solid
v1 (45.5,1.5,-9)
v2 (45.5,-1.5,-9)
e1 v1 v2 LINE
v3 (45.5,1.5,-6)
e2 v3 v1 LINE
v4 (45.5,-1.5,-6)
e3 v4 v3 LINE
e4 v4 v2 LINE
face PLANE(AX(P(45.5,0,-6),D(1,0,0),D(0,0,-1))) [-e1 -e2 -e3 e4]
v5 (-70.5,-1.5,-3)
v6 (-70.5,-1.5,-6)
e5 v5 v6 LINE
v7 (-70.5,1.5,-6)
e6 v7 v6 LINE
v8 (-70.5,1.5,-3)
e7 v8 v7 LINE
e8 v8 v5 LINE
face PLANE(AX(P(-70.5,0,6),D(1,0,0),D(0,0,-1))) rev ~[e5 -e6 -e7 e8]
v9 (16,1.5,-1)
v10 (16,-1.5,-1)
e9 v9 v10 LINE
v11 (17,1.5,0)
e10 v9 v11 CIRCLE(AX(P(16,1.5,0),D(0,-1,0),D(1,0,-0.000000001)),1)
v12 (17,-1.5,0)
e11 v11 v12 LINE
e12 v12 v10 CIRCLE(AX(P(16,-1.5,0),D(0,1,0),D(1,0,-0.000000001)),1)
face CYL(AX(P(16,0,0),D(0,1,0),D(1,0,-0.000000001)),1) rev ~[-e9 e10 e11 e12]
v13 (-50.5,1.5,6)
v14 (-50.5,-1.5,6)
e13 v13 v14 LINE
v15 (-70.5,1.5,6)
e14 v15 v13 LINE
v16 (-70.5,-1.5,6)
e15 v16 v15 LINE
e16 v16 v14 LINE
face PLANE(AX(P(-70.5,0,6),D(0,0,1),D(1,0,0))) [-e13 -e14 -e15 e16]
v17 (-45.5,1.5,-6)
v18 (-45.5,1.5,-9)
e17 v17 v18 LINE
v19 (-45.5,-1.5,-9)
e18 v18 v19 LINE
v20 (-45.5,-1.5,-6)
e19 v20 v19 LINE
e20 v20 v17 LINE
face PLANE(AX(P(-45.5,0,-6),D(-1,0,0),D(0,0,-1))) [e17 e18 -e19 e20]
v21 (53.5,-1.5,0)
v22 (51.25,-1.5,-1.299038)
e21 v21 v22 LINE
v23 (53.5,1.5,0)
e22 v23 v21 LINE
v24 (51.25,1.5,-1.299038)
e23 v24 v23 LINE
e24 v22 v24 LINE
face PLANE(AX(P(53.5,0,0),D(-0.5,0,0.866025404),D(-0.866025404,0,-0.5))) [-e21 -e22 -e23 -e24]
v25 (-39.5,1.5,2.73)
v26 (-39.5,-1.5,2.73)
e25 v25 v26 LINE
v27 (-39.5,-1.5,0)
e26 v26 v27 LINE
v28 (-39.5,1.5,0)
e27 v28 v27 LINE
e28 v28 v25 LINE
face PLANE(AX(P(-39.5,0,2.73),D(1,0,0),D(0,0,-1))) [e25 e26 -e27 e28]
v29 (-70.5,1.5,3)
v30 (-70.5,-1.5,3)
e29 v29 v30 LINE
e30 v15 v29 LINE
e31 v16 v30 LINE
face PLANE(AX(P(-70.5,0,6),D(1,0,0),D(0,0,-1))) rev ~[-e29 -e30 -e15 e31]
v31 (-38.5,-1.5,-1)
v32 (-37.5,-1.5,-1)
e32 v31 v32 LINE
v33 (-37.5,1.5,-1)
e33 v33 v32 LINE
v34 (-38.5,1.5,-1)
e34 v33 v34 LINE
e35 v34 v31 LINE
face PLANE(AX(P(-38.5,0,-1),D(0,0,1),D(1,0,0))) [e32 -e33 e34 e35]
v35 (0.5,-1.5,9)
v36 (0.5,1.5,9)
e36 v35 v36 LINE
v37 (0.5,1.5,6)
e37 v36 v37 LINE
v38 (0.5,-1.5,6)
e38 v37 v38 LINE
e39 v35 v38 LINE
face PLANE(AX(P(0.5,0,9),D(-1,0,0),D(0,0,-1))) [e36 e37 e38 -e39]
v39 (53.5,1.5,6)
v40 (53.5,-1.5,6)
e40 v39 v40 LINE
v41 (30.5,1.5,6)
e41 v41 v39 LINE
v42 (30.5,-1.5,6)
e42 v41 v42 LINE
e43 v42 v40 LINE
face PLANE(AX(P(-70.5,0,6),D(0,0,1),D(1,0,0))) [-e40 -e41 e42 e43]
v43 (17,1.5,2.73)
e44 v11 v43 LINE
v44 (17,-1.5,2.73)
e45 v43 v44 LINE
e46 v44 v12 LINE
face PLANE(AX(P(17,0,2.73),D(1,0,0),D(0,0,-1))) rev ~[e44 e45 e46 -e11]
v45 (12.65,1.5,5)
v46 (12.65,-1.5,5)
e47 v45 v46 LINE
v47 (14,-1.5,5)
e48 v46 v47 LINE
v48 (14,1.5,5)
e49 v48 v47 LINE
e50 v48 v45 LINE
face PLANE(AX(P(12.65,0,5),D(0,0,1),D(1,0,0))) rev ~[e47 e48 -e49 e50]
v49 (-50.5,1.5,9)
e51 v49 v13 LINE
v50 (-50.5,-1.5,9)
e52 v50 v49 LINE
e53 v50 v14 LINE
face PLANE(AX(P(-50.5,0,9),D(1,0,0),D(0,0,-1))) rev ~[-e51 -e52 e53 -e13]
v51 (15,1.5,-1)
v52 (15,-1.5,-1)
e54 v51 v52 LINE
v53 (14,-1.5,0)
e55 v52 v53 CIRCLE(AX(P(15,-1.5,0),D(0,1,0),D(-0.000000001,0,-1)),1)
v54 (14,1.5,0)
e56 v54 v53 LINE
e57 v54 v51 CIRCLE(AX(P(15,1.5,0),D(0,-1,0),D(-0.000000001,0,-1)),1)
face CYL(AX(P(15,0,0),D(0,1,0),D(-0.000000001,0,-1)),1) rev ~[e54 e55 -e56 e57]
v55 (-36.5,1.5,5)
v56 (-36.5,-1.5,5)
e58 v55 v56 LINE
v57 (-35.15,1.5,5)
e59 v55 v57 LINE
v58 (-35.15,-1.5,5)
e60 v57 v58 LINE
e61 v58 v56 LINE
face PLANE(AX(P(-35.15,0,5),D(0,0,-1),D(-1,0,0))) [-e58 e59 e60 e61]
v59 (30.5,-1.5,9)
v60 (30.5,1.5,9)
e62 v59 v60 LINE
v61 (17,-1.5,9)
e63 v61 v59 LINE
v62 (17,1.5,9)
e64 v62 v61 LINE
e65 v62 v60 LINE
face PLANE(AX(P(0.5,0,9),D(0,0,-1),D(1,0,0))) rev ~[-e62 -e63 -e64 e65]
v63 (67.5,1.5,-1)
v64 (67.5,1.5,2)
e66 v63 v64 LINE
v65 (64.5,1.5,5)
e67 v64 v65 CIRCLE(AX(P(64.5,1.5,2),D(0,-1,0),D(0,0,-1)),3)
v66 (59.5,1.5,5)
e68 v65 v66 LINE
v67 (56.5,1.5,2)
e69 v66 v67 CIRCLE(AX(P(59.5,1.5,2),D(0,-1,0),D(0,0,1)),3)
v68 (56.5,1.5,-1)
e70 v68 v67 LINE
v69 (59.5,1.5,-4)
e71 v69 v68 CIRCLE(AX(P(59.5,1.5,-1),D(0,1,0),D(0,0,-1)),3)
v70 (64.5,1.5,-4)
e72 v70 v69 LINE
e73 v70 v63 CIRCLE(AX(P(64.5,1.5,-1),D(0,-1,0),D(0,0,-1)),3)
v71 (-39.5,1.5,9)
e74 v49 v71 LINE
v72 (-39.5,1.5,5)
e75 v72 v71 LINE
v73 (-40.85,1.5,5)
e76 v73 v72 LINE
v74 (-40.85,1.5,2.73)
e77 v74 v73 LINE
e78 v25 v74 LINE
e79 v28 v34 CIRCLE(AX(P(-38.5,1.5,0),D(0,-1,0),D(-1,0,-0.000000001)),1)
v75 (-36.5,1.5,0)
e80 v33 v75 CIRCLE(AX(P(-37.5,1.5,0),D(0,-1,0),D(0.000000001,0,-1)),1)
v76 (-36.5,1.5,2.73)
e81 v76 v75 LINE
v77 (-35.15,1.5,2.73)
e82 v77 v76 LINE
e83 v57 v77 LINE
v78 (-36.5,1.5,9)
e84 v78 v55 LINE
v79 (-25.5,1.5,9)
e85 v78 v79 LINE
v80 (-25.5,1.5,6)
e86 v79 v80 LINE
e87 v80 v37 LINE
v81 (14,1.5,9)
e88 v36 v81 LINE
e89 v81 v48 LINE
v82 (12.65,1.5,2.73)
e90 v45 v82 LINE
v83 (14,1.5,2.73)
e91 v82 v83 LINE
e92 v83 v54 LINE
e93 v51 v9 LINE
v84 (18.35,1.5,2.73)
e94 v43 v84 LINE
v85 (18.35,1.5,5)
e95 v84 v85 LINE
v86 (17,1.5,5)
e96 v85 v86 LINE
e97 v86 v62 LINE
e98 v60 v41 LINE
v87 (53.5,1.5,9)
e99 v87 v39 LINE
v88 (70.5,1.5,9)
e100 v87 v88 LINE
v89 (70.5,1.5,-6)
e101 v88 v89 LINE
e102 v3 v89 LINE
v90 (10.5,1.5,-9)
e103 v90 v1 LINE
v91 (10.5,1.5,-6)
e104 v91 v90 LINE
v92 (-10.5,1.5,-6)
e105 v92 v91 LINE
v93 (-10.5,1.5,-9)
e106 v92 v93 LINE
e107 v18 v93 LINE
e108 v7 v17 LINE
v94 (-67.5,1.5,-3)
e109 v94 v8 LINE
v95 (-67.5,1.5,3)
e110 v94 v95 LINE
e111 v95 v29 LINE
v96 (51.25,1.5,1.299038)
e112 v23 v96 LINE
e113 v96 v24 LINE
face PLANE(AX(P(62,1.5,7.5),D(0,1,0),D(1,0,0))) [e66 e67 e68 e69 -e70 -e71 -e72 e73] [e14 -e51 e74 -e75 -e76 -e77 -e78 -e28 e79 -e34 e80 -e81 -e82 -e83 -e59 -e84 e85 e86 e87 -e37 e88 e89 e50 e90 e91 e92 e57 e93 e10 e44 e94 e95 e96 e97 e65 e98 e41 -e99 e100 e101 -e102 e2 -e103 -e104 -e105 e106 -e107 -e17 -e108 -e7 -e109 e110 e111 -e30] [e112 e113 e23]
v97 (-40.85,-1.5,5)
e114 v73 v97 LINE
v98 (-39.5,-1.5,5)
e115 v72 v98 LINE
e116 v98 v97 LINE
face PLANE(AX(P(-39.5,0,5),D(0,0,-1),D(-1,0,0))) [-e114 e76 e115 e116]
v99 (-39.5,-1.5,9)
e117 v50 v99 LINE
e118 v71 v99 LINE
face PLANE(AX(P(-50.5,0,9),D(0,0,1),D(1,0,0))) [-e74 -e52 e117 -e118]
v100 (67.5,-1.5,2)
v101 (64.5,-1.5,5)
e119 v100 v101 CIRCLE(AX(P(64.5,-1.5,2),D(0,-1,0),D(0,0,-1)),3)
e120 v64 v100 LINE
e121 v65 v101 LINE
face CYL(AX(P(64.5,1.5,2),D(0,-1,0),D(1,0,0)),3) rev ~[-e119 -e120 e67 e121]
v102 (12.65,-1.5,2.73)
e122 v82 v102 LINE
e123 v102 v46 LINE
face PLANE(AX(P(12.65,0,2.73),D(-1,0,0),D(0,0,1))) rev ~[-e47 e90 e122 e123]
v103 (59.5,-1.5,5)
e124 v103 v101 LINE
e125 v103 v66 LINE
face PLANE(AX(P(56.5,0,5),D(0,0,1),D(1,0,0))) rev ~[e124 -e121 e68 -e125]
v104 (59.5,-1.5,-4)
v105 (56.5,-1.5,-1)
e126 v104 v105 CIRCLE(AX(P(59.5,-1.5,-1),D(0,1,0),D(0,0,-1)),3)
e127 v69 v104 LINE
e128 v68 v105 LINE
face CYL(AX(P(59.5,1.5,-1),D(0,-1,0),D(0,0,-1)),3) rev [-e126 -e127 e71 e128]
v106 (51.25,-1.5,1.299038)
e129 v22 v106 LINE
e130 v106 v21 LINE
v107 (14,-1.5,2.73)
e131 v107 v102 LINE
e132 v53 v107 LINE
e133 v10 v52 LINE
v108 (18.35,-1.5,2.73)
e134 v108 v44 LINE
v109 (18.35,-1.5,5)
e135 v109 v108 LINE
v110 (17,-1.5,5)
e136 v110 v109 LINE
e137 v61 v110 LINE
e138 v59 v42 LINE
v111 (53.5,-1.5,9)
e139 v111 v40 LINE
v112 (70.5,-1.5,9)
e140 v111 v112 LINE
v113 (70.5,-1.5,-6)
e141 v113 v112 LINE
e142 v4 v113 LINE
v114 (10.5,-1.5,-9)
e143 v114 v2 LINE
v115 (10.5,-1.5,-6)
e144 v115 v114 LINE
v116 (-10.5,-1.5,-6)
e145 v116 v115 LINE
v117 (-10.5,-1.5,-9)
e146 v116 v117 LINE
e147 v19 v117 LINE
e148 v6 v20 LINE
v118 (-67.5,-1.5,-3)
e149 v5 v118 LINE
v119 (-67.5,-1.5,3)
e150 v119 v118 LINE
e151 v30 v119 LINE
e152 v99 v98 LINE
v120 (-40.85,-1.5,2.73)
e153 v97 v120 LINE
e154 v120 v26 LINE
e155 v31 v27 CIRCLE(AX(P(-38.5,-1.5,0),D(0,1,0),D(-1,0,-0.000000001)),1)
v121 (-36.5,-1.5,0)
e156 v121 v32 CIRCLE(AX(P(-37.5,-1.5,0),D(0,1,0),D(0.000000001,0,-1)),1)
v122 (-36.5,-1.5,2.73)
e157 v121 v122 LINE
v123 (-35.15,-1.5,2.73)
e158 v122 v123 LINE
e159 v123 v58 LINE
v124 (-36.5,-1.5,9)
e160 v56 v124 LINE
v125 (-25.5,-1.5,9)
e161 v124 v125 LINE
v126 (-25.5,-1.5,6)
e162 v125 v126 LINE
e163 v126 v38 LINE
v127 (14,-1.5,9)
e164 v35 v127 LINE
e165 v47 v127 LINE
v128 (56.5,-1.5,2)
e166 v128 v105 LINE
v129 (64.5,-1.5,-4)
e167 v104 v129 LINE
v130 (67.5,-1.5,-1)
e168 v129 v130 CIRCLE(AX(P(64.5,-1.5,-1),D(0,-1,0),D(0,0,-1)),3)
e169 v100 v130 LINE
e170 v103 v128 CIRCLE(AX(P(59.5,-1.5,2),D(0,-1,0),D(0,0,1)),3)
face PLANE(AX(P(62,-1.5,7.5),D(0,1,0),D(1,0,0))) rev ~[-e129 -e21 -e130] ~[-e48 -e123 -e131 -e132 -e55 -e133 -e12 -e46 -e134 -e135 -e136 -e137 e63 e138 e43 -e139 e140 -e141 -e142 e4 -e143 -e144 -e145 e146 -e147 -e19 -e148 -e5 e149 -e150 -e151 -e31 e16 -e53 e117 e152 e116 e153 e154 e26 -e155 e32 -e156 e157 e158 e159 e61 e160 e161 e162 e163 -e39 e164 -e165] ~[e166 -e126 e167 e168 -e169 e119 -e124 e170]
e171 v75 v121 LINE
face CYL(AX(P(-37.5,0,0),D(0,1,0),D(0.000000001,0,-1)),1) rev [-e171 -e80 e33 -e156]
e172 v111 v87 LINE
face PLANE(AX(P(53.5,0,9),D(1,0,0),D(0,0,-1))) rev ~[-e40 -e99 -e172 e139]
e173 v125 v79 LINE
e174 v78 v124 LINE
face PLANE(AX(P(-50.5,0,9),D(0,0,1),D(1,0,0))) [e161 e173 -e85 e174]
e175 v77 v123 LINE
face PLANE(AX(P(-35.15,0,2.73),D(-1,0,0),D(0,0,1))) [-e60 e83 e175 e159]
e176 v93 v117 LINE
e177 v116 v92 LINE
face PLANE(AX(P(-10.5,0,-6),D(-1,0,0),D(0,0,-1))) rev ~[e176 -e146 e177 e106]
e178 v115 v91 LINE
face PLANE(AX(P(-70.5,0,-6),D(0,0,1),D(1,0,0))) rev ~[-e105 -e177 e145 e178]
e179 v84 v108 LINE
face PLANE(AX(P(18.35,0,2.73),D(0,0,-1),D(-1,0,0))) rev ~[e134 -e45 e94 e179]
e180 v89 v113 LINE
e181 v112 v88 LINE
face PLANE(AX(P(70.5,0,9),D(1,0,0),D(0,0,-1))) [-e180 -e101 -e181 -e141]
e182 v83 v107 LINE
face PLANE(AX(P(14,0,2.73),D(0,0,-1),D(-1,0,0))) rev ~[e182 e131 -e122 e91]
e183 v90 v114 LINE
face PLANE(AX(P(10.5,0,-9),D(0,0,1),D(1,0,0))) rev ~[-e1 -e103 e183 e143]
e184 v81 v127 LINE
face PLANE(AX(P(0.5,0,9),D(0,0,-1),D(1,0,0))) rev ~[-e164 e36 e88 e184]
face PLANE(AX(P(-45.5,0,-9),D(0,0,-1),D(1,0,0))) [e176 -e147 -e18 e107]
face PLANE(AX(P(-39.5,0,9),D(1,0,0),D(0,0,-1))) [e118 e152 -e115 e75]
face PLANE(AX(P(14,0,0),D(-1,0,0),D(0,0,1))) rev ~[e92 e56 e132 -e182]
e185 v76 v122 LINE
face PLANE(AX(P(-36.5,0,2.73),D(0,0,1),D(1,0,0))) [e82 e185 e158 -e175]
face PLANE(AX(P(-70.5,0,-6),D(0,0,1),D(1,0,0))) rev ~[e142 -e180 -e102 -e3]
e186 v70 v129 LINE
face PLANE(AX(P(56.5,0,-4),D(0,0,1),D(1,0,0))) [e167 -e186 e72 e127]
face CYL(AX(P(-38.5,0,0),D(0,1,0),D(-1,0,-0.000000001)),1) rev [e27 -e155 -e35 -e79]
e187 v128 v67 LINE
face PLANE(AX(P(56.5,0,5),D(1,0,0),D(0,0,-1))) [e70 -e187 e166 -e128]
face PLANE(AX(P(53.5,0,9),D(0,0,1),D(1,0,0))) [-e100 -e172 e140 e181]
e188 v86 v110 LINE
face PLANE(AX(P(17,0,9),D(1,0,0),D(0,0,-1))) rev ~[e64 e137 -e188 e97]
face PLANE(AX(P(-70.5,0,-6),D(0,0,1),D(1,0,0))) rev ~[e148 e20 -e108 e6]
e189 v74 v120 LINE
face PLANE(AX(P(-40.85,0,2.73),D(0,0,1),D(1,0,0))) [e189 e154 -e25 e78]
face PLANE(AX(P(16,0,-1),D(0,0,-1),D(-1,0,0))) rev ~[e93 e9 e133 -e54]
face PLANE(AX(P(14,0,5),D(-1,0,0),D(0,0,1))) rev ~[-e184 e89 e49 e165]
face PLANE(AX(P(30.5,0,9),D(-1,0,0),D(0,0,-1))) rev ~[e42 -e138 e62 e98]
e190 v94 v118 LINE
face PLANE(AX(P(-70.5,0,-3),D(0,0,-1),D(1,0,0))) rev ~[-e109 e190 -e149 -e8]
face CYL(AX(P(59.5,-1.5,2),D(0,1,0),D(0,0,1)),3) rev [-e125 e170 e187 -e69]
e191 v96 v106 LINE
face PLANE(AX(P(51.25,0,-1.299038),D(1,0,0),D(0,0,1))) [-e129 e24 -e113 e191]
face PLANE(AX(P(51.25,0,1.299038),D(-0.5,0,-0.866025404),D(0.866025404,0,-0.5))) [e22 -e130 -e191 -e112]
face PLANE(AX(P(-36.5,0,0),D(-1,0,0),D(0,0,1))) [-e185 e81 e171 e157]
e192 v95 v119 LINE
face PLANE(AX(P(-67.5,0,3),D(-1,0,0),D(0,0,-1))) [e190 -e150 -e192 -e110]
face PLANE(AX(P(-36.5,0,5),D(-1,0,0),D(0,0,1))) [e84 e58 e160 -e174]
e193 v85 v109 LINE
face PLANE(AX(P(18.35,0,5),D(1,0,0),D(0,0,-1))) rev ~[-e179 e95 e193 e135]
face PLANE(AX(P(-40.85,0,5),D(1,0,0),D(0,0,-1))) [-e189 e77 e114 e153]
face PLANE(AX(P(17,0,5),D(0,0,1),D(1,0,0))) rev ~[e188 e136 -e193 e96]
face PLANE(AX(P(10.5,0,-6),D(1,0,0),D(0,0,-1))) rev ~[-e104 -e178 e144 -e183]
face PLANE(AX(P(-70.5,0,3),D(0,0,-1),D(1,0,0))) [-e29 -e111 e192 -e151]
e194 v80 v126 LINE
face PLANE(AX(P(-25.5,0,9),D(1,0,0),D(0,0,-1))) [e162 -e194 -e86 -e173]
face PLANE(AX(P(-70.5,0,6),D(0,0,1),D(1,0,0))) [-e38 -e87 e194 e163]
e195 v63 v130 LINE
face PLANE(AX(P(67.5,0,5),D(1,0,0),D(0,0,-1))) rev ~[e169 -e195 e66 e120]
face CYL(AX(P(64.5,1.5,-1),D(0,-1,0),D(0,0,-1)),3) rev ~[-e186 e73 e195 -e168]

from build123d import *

# Parameters (mm, degrees)
SKETCH1_W                = 141
SKETCH1_H                = 12
BOSS_EXTRUDE1_DEPTH      = 1.5
SKETCH2_W                = 30
SKETCH2_H                = 3
SKETCH2_W_2              = 17
BOSS_EXTRUDE2_DEPTH      = 1.5
SKETCH12_W               = 25
SKETCH12_H               = 3
BOSS_EXTRUDE3_DEPTH      = 1.5
CUT_EXTRUDE8_DEPTH       = 2.5
CUT_EXTRUDE8_DEPTH_BACK  = 2.5
SKETCH13_W               = 35
SKETCH13_H               = 3
BOSS_EXTRUDE4_DEPTH      = 1.5
SKETCH15_W               = 11
SKETCH15_H               = 9
CUT_EXTRUDE10_DEPTH      = 2.5
CUT_EXTRUDE10_DEPTH_BACK = 2.5
FILLET4_R                = 3
CUT_EXTRUDE11_DEPTH      = 2.5
CUT_EXTRUDE11_DEPTH_BACK = 2.5
SKETCH17_W               = 3
SKETCH17_H               = 6
CUT_EXTRUDE12_DEPTH      = 2.5
CUT_EXTRUDE12_DEPTH_BACK = 2.5


with BuildPart() as part:
    # Sketch1 → Boss-Extrude1 (new body, symmetric)
    with BuildSketch(Plane(origin=(0, 0, 0), x_dir=(1, 0, 0), z_dir=(0, 1, 0))):
        Rectangle(SKETCH1_W, SKETCH1_H)
    extrude(amount=BOSS_EXTRUDE1_DEPTH, both=True)

    # Sketch2 → Boss-Extrude2 (add, symmetric)
    with BuildSketch(Plane(origin=(0, 0, 0), x_dir=(1, 0, 0), z_dir=(0, 1, 0))):
        with Locations((15.5, -7.5)):
            Rectangle(SKETCH2_W, SKETCH2_H)
        with Locations((62, -7.5)):
            Rectangle(SKETCH2_W_2, SKETCH2_H)
    extrude(amount=BOSS_EXTRUDE2_DEPTH, both=True)

    # Sketch12 → Boss-Extrude3 (add, symmetric)
    with BuildSketch(Plane(origin=(0, 0, 0), x_dir=(1, 0, 0), z_dir=(0, 1, 0))):
        with Locations((-38, -7.5)):
            Rectangle(SKETCH12_W, SKETCH12_H)
    extrude(amount=BOSS_EXTRUDE3_DEPTH, both=True)

    # Sketch11 → Cut-Extrude8 (cut, two sides)
    with BuildSketch(Plane(origin=(0, 0, 0), x_dir=(1, 0, 0), z_dir=(0, 1, 0))) as cut_extrude8_sk:
        with BuildLine():
            Line((-39.5, -2.73), (-39.5, 0))
            ThreePointArc((-39.5, 0), (-39.207106781, 0.707106781), (-38.5, 1))
            Line((-38.5, 1), (-37.5, 1))
            ThreePointArc((-37.5, 1), (-36.792893219, 0.707106781), (-36.5, 0))
            Line((-36.5, 0), (-36.5, -2.73))
            Line((-36.5, -2.73), (-35.15, -2.73))
            Line((-35.15, -2.73), (-35.15, -5))
            Line((-35.15, -5), (-36.5, -5))
            Line((-36.5, -5), (-36.5, -9))
            Line((-36.5, -9), (-39.5, -9))
            Line((-39.5, -9), (-39.5, -5))
            Line((-39.5, -5), (-40.85, -5))
            Line((-40.85, -5), (-40.85, -2.73))
            Line((-40.85, -2.73), (-39.5, -2.73))
        make_face()
        with BuildLine():
            Line((14, -9), (17, -9))
            Line((17, -9), (17, -5))
            Line((17, -5), (18.35, -5))
            Line((18.35, -5), (18.35, -2.73))
            Line((18.35, -2.73), (17, -2.73))
            Line((17, -2.73), (17, 0))
            ThreePointArc((17, 0), (16.707106781, 0.707106781), (16, 1))
            Line((16, 1), (15, 1))
            ThreePointArc((15, 1), (14.292893219, 0.707106781), (14, 0))
            Line((14, 0), (14, -2.73))
            Line((14, -2.73), (12.65, -2.73))
            Line((12.65, -2.73), (12.65, -5))
            Line((12.65, -5), (14, -5))
            Line((14, -5), (14, -9))
        make_face()
    extrude(amount=CUT_EXTRUDE8_DEPTH, mode=Mode.SUBTRACT)
    extrude(cut_extrude8_sk.sketch, amount=-CUT_EXTRUDE8_DEPTH_BACK, mode=Mode.SUBTRACT)

    # Sketch13 → Boss-Extrude4 (add, symmetric)
    with BuildSketch(Plane(origin=(0, 0, 0), x_dir=(1, 0, 0), z_dir=(0, 1, 0))):
        with Locations((-28, 7.5)):
            Rectangle(SKETCH13_W, SKETCH13_H)
        with Locations((28, 7.5)):
            Rectangle(SKETCH13_W, SKETCH13_H)
    extrude(amount=BOSS_EXTRUDE4_DEPTH, both=True)

    # Sketch15 → Cut-Extrude10 (cut, two sides)
    with BuildSketch(Plane(origin=(0, 0, 0), x_dir=(1, 0, 0), z_dir=(0, 1, 0))) as cut_extrude10_sk:
        with Locations((62, -0.5)):
            Rectangle(SKETCH15_W, SKETCH15_H)
    extrude(amount=CUT_EXTRUDE10_DEPTH, mode=Mode.SUBTRACT)
    extrude(cut_extrude10_sk.sketch, amount=-CUT_EXTRUDE10_DEPTH_BACK, mode=Mode.SUBTRACT)

    # Fillet4
    fillet4_edges = [part.edges().sort_by_distance(p)[0] for p in [
        (56.5, 0, 5),
        (56.5, 0, -4),
        (67.5, 0, -4),
        (67.5, 0, 5),
    ]]
    fillet(fillet4_edges, radius=FILLET4_R)

    # Sketch16 → Cut-Extrude11 (cut, two sides)
    with BuildSketch(Plane(origin=(0, 0, 0), x_dir=(1, 0, 0), z_dir=(0, 1, 0))) as cut_extrude11_sk:
        Polygon((53.5, 0), (51.25, 1.299038106), (51.25, -1.299038106), align=None)
    extrude(amount=CUT_EXTRUDE11_DEPTH, mode=Mode.SUBTRACT)
    extrude(cut_extrude11_sk.sketch, amount=-CUT_EXTRUDE11_DEPTH_BACK, mode=Mode.SUBTRACT)

    # Sketch17 → Cut-Extrude12 (cut, two sides)
    with BuildSketch(Plane(origin=(0, 0, 0), x_dir=(1, 0, 0), z_dir=(0, 1, 0))) as cut_extrude12_sk:
        with Locations((-69, 0)):
            Rectangle(SKETCH17_W, SKETCH17_H)
    extrude(amount=CUT_EXTRUDE12_DEPTH, mode=Mode.SUBTRACT)
    extrude(cut_extrude12_sk.sketch, amount=-CUT_EXTRUDE12_DEPTH_BACK, mode=Mode.SUBTRACT)


solid = part.part
